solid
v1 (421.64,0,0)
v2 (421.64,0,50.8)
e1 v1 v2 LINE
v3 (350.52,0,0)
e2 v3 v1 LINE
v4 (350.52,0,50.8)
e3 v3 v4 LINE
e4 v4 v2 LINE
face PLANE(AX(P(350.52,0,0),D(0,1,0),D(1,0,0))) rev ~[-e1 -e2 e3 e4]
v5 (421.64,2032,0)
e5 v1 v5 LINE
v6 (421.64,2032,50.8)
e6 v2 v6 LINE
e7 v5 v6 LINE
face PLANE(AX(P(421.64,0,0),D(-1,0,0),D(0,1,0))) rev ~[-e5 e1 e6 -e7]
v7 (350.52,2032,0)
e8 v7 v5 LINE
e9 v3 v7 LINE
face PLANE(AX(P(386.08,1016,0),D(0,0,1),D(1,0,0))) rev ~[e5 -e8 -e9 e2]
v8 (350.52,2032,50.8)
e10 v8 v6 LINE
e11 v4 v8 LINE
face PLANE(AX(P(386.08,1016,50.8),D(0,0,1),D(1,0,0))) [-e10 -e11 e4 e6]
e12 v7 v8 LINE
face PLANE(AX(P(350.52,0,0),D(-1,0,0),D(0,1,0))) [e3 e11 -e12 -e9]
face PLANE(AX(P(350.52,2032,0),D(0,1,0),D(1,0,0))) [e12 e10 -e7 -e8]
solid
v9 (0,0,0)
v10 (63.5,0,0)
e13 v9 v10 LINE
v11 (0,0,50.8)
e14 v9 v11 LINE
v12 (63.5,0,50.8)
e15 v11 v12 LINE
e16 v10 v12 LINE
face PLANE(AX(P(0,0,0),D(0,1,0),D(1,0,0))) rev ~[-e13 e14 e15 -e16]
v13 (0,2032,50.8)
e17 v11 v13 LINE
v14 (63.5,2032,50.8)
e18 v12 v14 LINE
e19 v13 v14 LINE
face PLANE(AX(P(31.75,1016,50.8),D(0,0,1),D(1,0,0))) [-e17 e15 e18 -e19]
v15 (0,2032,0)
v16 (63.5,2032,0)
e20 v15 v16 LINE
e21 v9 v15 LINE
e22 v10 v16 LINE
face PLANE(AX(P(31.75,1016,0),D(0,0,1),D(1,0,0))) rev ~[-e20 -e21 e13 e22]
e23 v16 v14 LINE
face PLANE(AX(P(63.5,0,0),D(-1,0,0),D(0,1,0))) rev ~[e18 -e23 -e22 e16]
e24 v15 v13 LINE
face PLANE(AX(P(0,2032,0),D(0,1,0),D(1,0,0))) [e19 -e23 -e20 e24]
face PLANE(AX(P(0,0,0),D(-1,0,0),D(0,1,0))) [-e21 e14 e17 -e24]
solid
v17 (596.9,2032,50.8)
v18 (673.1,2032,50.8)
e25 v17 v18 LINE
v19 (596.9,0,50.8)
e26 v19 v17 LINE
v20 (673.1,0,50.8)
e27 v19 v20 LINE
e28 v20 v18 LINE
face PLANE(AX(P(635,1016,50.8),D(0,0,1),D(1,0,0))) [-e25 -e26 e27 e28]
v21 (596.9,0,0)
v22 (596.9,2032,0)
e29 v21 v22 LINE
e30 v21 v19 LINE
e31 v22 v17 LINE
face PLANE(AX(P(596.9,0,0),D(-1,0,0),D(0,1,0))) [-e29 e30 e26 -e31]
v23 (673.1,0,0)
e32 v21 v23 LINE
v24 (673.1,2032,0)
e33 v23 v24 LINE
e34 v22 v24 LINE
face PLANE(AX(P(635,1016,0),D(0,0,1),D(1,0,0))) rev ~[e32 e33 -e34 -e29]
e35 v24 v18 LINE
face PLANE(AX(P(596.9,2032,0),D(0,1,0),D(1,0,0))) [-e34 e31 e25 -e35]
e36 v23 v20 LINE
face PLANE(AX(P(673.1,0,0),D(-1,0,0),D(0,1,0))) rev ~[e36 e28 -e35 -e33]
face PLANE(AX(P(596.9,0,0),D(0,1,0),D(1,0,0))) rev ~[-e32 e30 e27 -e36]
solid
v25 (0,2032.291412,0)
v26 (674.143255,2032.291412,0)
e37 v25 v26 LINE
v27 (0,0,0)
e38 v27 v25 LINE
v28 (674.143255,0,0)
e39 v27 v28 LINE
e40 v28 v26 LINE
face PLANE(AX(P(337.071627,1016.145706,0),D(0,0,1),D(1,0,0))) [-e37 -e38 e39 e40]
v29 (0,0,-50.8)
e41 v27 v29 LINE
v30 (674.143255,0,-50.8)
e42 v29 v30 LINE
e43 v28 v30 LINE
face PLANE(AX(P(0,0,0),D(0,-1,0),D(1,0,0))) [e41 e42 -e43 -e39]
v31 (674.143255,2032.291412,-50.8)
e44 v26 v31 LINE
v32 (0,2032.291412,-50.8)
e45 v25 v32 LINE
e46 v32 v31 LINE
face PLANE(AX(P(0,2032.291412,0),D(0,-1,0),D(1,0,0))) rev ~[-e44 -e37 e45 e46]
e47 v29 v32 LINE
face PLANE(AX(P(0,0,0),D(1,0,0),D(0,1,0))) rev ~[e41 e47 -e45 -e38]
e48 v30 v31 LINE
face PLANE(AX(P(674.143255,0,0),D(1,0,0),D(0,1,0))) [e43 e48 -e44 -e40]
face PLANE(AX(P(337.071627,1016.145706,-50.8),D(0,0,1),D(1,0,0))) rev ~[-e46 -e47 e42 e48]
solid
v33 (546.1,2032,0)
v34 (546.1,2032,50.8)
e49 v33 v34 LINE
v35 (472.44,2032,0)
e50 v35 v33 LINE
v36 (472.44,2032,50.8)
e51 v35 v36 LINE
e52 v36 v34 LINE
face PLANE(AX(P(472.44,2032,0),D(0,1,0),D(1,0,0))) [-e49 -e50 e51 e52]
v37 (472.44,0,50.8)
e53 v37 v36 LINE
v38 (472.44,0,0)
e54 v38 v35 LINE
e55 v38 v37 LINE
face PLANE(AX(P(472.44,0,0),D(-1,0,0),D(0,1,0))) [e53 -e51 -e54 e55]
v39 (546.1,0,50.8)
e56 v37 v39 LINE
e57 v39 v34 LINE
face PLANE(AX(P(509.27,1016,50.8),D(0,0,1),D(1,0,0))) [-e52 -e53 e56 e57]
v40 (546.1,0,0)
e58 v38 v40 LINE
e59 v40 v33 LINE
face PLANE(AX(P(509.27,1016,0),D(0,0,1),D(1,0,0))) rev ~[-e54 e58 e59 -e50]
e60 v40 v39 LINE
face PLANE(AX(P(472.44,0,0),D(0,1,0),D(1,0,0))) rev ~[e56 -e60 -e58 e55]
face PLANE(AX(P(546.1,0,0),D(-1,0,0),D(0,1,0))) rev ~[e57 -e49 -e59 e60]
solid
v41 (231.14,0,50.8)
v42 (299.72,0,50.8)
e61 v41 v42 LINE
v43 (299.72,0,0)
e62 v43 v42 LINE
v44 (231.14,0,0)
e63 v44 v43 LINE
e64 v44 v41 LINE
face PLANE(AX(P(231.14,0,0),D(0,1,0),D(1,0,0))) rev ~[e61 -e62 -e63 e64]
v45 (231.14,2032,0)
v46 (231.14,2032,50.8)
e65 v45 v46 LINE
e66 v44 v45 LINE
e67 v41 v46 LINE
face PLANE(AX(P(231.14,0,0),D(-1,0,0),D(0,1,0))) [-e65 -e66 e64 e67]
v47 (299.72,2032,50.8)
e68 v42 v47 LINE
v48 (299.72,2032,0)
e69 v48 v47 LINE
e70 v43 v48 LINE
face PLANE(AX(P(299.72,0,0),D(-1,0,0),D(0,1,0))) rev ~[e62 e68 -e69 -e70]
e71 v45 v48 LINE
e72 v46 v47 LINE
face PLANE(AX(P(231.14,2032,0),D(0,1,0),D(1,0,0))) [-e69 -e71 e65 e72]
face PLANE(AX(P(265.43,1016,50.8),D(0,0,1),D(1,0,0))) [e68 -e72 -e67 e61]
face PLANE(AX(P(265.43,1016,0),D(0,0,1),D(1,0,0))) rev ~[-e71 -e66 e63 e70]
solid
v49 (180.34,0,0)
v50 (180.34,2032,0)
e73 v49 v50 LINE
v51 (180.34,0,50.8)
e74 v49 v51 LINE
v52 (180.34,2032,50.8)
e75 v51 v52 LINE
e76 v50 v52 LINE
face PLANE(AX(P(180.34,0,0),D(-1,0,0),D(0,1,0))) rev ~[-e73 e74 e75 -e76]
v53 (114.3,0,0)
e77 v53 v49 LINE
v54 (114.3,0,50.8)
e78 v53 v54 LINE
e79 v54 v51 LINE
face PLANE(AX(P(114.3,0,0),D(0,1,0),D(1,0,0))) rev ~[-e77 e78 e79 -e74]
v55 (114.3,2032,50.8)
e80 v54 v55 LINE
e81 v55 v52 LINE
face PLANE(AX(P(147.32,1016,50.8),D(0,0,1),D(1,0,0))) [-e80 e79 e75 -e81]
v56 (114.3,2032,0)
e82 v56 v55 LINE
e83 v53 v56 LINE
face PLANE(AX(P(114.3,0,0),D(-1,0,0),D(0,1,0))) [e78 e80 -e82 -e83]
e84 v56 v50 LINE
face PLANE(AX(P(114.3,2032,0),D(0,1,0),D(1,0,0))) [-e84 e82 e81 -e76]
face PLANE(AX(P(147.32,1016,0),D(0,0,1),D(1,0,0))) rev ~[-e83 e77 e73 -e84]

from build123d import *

# Parameters (mm, degrees)
F0_W     = 63.5
F0_H     = 2032
F0_W_2   = 76.2
F0_W_3   = 73.66
F0_W_4   = 71.12
F0_W_5   = 68.58
F0_W_6   = 66.04
F1_DEPTH = 50.8
F2_W     = 674.143255
F2_H     = 2032.291412
F3_DEPTH = 50.8


with BuildPart() as f1:
    # F0 (on Top) → F1 (new body)
    with BuildSketch(Plane.XY):
        with Locations((31.75, 1016)):
            Rectangle(F0_W, F0_H)
        with Locations((635, 1016)):
            Rectangle(F0_W_2, F0_H)
        with Locations((509.27, 1016)):
            Rectangle(F0_W_3, F0_H)
        with Locations((386.08, 1016)):
            Rectangle(F0_W_4, F0_H)
        with Locations((265.43, 1016)):
            Rectangle(F0_W_5, F0_H)
        with Locations((147.32, 1016)):
            Rectangle(F0_W_6, F0_H)
    extrude(amount=F1_DEPTH)


with BuildPart() as f3:
    # F2 (on Top) → F3 (new body)
    with BuildSketch(Plane.XY):
        with Locations((337.071627, 1016.145706)):
            Rectangle(F2_W, F2_H)
    extrude(amount=-F3_DEPTH)


solid = Compound([f1.part, f3.part])
